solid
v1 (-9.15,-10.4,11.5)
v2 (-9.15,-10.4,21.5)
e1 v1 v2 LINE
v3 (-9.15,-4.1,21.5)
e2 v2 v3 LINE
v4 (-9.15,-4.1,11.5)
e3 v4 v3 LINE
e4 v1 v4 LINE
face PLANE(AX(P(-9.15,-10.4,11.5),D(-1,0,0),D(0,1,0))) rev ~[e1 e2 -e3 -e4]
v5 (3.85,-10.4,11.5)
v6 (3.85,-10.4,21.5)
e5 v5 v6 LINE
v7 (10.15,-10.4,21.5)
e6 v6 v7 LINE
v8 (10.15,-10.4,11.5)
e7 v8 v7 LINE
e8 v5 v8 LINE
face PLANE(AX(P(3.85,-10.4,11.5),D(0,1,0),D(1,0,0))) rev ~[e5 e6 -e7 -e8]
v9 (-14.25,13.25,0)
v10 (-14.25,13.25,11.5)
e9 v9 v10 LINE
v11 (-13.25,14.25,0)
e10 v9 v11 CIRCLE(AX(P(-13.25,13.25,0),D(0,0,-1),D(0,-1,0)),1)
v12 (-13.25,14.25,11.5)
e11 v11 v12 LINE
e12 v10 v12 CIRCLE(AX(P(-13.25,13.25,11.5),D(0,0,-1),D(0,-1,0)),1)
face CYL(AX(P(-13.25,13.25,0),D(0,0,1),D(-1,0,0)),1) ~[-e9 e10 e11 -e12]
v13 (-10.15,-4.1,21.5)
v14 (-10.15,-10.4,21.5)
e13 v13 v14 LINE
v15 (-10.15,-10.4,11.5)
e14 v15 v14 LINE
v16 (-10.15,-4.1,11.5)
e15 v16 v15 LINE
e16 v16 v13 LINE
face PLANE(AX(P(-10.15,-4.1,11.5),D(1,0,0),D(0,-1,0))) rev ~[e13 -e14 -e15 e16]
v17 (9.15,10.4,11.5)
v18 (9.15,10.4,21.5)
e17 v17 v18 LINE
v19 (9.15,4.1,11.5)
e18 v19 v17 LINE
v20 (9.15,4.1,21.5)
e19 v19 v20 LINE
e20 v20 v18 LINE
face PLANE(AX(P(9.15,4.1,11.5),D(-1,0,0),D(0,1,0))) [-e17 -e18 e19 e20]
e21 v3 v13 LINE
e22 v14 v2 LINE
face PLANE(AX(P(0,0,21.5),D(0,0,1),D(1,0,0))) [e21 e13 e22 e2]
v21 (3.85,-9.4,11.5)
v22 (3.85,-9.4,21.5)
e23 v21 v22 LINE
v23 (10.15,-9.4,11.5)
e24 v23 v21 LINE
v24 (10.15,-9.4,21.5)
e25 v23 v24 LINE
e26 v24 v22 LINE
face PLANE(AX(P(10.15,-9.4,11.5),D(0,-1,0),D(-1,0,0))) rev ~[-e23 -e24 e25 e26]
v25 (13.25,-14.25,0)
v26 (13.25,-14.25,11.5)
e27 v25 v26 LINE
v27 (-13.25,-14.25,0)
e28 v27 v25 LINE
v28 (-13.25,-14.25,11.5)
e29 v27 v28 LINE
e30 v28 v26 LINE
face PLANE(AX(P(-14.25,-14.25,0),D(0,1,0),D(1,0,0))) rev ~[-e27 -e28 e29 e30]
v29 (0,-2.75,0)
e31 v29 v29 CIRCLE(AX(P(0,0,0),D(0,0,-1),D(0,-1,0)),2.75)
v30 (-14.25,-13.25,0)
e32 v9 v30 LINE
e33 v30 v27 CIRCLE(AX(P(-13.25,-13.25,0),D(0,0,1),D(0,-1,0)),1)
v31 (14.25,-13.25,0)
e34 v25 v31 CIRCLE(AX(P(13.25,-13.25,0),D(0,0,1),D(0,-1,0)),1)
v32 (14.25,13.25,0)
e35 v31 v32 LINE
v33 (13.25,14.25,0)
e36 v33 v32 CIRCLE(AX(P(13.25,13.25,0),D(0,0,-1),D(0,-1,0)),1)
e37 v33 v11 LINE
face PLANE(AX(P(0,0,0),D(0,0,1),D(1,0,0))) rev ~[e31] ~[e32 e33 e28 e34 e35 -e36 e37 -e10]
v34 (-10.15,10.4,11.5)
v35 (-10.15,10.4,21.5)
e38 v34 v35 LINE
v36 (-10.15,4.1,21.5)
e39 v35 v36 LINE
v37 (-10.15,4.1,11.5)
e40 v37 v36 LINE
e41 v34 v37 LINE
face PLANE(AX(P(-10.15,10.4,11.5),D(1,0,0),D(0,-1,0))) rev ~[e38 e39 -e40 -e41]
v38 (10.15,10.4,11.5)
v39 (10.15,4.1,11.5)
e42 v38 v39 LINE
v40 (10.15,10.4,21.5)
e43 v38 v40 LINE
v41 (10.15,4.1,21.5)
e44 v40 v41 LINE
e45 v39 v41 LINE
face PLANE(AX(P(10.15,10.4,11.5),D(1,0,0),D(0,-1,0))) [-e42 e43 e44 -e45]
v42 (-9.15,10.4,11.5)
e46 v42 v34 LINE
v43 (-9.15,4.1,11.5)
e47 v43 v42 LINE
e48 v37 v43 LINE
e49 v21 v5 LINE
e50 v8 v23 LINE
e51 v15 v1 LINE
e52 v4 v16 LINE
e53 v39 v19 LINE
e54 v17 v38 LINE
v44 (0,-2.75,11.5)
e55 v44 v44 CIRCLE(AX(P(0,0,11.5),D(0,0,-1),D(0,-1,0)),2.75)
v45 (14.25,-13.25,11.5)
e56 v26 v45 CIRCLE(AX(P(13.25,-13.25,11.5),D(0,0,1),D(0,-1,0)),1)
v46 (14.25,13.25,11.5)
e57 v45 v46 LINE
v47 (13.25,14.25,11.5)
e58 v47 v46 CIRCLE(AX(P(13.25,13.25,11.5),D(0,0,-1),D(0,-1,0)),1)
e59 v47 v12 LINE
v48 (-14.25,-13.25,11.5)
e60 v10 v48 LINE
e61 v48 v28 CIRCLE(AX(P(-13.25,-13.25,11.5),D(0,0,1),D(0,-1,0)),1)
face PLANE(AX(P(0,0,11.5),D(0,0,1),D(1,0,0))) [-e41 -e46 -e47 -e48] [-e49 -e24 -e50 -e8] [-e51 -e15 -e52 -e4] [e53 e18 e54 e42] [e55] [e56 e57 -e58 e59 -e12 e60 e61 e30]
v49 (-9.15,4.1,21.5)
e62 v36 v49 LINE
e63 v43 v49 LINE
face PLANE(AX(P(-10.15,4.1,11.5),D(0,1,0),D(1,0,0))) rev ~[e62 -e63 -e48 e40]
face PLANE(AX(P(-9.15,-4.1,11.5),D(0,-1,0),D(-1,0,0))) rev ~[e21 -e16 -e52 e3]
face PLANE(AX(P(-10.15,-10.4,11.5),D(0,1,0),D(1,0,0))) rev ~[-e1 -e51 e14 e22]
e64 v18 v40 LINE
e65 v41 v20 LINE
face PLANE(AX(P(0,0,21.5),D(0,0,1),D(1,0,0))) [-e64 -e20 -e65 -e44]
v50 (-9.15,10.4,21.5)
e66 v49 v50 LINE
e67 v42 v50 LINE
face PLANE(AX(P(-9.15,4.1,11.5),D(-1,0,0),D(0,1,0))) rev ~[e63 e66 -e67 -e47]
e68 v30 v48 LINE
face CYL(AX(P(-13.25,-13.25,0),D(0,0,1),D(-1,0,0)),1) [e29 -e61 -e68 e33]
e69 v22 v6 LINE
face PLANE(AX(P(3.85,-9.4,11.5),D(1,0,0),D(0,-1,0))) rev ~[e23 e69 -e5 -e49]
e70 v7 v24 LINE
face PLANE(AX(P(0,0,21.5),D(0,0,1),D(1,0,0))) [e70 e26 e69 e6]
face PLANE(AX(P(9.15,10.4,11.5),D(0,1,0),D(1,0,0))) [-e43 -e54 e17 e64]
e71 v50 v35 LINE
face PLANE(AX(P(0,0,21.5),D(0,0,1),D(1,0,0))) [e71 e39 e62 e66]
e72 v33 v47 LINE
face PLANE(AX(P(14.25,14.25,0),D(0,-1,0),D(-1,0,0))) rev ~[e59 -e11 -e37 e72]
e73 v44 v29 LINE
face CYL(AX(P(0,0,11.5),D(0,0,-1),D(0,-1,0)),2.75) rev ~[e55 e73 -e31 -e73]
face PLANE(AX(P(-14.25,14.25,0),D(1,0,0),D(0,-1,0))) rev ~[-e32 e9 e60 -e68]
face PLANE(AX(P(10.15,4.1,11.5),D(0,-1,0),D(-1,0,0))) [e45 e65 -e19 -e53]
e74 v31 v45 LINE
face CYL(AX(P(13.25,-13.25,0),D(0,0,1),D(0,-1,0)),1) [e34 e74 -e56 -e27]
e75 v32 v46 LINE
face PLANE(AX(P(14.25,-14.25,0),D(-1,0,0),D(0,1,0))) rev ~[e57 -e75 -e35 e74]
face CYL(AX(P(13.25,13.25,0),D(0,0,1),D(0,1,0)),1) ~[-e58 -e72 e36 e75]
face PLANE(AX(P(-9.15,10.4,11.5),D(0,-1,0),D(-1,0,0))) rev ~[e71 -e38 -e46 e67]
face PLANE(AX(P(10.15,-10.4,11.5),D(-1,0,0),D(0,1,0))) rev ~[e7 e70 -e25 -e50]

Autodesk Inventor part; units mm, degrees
ref_plane "YZ Plane" through (0, 0, 0) normal (1, 0, 0) x (0, 1, 0)
ref_plane "XZ Plane" through (0, 0, 0) normal (0, 1, 0) x (-1, 0, 0)
ref_plane "XY Plane" through (0, 0, 0) normal (0, 0, 1) x (1, 0, 0)
sketch "Sketch1" plane through (0, 0, 0) normal (0, 0, 1) x (1, 0, 0)
  line L0 (-14.25, -14.25) -> (14.25, -14.25)
  line L1 (14.25, -14.25) -> (14.25, 14.25)
  line L2 (14.25, 14.25) -> (-14.25, 14.25)
  line L3 (-14.25, 14.25) -> (-14.25, -14.25)
  line L4 (-14.25, -14.25) -> (14.25, 14.25) construction
  line L5 (14.25, -14.25) -> (-14.25, 14.25) construction
  point P0 (0, 0)
  dimension "d0" = 28.5
  dimension "d1" = 28.5
extrude "Extrusion1" add sketch "Sketch1" along normal blind 11.5
sketch "Sketch2" plane through (0, 0, 11.5) normal (0, 0, 1) x (1, 0, 0)
  line L0 (-10.15, 4.1) -> (-9.15, 4.1)
  line L1 (-9.15, 4.1) -> (-9.15, 10.4)
  line L2 (-9.15, 10.4) -> (-10.15, 10.4)
  line L3 (-10.15, 10.4) -> (-10.15, 4.1)
  line L4 (-10.15, -10.4) -> (-9.15, -10.4)
  line L5 (-9.15, -10.4) -> (-9.15, -4.1)
  line L6 (-9.15, -4.1) -> (-10.15, -4.1)
  line L7 (-10.15, -4.1) -> (-10.15, -10.4)
  line L8 (3.85, -10.4) -> (10.15, -10.4)
  line L9 (10.15, -10.4) -> (10.15, -9.4)
  line L10 (10.15, -9.4) -> (3.85, -9.4)
  line L11 (3.85, -9.4) -> (3.85, -10.4)
  line L12 (9.15, 10.4) -> (10.15, 10.4)
  line L13 (10.15, 10.4) -> (10.15, 4.1)
  line L14 (10.15, 4.1) -> (9.15, 4.1)
  line L15 (9.15, 4.1) -> (9.15, 10.4)
  line L16 (-9.15, 4.1) -> (-9.15, -4.1) construction
  line L17 (-9.15, 10.4) -> (9.15, 10.4) construction
  point P0 (0, 0)
  point P1 (-9.15, 0)
  point P2 (0, 10.4)
  dimension "d4" = 1
  dimension "d5" = 1
  dimension "d6" = 1
  dimension "d7" = 6.3
  dimension "d8" = 6.3
  dimension "d9" = 6.3
  dimension "d10" = 8.2
  dimension "d11" = 13
extrude "Extrusion2" add sketch "Sketch2" along normal blind 10
sketch "Sketch3" plane through (0, 0, 11.5) normal (0, 0, 1) x (1, 0, 0)
  point P0 (0, 0)
  point P1 (0, 0)
hole "Hole1" at (0, 0, 11.5) direction (0, 0, -1) diameter 5.5 end through all clearance for "Countersunk Flat Head Screw DIN EN ISO 2009" size "M5" standard "DIN"
fillet "Fillet1" radius 1 4 edges at (14.25, 14.25, 5.75) (-14.25, 14.25, 5.75) (-14.25, -14.25, 5.75) (14.25, -14.25, 5.75)
properties part number "Gleichrichter"
